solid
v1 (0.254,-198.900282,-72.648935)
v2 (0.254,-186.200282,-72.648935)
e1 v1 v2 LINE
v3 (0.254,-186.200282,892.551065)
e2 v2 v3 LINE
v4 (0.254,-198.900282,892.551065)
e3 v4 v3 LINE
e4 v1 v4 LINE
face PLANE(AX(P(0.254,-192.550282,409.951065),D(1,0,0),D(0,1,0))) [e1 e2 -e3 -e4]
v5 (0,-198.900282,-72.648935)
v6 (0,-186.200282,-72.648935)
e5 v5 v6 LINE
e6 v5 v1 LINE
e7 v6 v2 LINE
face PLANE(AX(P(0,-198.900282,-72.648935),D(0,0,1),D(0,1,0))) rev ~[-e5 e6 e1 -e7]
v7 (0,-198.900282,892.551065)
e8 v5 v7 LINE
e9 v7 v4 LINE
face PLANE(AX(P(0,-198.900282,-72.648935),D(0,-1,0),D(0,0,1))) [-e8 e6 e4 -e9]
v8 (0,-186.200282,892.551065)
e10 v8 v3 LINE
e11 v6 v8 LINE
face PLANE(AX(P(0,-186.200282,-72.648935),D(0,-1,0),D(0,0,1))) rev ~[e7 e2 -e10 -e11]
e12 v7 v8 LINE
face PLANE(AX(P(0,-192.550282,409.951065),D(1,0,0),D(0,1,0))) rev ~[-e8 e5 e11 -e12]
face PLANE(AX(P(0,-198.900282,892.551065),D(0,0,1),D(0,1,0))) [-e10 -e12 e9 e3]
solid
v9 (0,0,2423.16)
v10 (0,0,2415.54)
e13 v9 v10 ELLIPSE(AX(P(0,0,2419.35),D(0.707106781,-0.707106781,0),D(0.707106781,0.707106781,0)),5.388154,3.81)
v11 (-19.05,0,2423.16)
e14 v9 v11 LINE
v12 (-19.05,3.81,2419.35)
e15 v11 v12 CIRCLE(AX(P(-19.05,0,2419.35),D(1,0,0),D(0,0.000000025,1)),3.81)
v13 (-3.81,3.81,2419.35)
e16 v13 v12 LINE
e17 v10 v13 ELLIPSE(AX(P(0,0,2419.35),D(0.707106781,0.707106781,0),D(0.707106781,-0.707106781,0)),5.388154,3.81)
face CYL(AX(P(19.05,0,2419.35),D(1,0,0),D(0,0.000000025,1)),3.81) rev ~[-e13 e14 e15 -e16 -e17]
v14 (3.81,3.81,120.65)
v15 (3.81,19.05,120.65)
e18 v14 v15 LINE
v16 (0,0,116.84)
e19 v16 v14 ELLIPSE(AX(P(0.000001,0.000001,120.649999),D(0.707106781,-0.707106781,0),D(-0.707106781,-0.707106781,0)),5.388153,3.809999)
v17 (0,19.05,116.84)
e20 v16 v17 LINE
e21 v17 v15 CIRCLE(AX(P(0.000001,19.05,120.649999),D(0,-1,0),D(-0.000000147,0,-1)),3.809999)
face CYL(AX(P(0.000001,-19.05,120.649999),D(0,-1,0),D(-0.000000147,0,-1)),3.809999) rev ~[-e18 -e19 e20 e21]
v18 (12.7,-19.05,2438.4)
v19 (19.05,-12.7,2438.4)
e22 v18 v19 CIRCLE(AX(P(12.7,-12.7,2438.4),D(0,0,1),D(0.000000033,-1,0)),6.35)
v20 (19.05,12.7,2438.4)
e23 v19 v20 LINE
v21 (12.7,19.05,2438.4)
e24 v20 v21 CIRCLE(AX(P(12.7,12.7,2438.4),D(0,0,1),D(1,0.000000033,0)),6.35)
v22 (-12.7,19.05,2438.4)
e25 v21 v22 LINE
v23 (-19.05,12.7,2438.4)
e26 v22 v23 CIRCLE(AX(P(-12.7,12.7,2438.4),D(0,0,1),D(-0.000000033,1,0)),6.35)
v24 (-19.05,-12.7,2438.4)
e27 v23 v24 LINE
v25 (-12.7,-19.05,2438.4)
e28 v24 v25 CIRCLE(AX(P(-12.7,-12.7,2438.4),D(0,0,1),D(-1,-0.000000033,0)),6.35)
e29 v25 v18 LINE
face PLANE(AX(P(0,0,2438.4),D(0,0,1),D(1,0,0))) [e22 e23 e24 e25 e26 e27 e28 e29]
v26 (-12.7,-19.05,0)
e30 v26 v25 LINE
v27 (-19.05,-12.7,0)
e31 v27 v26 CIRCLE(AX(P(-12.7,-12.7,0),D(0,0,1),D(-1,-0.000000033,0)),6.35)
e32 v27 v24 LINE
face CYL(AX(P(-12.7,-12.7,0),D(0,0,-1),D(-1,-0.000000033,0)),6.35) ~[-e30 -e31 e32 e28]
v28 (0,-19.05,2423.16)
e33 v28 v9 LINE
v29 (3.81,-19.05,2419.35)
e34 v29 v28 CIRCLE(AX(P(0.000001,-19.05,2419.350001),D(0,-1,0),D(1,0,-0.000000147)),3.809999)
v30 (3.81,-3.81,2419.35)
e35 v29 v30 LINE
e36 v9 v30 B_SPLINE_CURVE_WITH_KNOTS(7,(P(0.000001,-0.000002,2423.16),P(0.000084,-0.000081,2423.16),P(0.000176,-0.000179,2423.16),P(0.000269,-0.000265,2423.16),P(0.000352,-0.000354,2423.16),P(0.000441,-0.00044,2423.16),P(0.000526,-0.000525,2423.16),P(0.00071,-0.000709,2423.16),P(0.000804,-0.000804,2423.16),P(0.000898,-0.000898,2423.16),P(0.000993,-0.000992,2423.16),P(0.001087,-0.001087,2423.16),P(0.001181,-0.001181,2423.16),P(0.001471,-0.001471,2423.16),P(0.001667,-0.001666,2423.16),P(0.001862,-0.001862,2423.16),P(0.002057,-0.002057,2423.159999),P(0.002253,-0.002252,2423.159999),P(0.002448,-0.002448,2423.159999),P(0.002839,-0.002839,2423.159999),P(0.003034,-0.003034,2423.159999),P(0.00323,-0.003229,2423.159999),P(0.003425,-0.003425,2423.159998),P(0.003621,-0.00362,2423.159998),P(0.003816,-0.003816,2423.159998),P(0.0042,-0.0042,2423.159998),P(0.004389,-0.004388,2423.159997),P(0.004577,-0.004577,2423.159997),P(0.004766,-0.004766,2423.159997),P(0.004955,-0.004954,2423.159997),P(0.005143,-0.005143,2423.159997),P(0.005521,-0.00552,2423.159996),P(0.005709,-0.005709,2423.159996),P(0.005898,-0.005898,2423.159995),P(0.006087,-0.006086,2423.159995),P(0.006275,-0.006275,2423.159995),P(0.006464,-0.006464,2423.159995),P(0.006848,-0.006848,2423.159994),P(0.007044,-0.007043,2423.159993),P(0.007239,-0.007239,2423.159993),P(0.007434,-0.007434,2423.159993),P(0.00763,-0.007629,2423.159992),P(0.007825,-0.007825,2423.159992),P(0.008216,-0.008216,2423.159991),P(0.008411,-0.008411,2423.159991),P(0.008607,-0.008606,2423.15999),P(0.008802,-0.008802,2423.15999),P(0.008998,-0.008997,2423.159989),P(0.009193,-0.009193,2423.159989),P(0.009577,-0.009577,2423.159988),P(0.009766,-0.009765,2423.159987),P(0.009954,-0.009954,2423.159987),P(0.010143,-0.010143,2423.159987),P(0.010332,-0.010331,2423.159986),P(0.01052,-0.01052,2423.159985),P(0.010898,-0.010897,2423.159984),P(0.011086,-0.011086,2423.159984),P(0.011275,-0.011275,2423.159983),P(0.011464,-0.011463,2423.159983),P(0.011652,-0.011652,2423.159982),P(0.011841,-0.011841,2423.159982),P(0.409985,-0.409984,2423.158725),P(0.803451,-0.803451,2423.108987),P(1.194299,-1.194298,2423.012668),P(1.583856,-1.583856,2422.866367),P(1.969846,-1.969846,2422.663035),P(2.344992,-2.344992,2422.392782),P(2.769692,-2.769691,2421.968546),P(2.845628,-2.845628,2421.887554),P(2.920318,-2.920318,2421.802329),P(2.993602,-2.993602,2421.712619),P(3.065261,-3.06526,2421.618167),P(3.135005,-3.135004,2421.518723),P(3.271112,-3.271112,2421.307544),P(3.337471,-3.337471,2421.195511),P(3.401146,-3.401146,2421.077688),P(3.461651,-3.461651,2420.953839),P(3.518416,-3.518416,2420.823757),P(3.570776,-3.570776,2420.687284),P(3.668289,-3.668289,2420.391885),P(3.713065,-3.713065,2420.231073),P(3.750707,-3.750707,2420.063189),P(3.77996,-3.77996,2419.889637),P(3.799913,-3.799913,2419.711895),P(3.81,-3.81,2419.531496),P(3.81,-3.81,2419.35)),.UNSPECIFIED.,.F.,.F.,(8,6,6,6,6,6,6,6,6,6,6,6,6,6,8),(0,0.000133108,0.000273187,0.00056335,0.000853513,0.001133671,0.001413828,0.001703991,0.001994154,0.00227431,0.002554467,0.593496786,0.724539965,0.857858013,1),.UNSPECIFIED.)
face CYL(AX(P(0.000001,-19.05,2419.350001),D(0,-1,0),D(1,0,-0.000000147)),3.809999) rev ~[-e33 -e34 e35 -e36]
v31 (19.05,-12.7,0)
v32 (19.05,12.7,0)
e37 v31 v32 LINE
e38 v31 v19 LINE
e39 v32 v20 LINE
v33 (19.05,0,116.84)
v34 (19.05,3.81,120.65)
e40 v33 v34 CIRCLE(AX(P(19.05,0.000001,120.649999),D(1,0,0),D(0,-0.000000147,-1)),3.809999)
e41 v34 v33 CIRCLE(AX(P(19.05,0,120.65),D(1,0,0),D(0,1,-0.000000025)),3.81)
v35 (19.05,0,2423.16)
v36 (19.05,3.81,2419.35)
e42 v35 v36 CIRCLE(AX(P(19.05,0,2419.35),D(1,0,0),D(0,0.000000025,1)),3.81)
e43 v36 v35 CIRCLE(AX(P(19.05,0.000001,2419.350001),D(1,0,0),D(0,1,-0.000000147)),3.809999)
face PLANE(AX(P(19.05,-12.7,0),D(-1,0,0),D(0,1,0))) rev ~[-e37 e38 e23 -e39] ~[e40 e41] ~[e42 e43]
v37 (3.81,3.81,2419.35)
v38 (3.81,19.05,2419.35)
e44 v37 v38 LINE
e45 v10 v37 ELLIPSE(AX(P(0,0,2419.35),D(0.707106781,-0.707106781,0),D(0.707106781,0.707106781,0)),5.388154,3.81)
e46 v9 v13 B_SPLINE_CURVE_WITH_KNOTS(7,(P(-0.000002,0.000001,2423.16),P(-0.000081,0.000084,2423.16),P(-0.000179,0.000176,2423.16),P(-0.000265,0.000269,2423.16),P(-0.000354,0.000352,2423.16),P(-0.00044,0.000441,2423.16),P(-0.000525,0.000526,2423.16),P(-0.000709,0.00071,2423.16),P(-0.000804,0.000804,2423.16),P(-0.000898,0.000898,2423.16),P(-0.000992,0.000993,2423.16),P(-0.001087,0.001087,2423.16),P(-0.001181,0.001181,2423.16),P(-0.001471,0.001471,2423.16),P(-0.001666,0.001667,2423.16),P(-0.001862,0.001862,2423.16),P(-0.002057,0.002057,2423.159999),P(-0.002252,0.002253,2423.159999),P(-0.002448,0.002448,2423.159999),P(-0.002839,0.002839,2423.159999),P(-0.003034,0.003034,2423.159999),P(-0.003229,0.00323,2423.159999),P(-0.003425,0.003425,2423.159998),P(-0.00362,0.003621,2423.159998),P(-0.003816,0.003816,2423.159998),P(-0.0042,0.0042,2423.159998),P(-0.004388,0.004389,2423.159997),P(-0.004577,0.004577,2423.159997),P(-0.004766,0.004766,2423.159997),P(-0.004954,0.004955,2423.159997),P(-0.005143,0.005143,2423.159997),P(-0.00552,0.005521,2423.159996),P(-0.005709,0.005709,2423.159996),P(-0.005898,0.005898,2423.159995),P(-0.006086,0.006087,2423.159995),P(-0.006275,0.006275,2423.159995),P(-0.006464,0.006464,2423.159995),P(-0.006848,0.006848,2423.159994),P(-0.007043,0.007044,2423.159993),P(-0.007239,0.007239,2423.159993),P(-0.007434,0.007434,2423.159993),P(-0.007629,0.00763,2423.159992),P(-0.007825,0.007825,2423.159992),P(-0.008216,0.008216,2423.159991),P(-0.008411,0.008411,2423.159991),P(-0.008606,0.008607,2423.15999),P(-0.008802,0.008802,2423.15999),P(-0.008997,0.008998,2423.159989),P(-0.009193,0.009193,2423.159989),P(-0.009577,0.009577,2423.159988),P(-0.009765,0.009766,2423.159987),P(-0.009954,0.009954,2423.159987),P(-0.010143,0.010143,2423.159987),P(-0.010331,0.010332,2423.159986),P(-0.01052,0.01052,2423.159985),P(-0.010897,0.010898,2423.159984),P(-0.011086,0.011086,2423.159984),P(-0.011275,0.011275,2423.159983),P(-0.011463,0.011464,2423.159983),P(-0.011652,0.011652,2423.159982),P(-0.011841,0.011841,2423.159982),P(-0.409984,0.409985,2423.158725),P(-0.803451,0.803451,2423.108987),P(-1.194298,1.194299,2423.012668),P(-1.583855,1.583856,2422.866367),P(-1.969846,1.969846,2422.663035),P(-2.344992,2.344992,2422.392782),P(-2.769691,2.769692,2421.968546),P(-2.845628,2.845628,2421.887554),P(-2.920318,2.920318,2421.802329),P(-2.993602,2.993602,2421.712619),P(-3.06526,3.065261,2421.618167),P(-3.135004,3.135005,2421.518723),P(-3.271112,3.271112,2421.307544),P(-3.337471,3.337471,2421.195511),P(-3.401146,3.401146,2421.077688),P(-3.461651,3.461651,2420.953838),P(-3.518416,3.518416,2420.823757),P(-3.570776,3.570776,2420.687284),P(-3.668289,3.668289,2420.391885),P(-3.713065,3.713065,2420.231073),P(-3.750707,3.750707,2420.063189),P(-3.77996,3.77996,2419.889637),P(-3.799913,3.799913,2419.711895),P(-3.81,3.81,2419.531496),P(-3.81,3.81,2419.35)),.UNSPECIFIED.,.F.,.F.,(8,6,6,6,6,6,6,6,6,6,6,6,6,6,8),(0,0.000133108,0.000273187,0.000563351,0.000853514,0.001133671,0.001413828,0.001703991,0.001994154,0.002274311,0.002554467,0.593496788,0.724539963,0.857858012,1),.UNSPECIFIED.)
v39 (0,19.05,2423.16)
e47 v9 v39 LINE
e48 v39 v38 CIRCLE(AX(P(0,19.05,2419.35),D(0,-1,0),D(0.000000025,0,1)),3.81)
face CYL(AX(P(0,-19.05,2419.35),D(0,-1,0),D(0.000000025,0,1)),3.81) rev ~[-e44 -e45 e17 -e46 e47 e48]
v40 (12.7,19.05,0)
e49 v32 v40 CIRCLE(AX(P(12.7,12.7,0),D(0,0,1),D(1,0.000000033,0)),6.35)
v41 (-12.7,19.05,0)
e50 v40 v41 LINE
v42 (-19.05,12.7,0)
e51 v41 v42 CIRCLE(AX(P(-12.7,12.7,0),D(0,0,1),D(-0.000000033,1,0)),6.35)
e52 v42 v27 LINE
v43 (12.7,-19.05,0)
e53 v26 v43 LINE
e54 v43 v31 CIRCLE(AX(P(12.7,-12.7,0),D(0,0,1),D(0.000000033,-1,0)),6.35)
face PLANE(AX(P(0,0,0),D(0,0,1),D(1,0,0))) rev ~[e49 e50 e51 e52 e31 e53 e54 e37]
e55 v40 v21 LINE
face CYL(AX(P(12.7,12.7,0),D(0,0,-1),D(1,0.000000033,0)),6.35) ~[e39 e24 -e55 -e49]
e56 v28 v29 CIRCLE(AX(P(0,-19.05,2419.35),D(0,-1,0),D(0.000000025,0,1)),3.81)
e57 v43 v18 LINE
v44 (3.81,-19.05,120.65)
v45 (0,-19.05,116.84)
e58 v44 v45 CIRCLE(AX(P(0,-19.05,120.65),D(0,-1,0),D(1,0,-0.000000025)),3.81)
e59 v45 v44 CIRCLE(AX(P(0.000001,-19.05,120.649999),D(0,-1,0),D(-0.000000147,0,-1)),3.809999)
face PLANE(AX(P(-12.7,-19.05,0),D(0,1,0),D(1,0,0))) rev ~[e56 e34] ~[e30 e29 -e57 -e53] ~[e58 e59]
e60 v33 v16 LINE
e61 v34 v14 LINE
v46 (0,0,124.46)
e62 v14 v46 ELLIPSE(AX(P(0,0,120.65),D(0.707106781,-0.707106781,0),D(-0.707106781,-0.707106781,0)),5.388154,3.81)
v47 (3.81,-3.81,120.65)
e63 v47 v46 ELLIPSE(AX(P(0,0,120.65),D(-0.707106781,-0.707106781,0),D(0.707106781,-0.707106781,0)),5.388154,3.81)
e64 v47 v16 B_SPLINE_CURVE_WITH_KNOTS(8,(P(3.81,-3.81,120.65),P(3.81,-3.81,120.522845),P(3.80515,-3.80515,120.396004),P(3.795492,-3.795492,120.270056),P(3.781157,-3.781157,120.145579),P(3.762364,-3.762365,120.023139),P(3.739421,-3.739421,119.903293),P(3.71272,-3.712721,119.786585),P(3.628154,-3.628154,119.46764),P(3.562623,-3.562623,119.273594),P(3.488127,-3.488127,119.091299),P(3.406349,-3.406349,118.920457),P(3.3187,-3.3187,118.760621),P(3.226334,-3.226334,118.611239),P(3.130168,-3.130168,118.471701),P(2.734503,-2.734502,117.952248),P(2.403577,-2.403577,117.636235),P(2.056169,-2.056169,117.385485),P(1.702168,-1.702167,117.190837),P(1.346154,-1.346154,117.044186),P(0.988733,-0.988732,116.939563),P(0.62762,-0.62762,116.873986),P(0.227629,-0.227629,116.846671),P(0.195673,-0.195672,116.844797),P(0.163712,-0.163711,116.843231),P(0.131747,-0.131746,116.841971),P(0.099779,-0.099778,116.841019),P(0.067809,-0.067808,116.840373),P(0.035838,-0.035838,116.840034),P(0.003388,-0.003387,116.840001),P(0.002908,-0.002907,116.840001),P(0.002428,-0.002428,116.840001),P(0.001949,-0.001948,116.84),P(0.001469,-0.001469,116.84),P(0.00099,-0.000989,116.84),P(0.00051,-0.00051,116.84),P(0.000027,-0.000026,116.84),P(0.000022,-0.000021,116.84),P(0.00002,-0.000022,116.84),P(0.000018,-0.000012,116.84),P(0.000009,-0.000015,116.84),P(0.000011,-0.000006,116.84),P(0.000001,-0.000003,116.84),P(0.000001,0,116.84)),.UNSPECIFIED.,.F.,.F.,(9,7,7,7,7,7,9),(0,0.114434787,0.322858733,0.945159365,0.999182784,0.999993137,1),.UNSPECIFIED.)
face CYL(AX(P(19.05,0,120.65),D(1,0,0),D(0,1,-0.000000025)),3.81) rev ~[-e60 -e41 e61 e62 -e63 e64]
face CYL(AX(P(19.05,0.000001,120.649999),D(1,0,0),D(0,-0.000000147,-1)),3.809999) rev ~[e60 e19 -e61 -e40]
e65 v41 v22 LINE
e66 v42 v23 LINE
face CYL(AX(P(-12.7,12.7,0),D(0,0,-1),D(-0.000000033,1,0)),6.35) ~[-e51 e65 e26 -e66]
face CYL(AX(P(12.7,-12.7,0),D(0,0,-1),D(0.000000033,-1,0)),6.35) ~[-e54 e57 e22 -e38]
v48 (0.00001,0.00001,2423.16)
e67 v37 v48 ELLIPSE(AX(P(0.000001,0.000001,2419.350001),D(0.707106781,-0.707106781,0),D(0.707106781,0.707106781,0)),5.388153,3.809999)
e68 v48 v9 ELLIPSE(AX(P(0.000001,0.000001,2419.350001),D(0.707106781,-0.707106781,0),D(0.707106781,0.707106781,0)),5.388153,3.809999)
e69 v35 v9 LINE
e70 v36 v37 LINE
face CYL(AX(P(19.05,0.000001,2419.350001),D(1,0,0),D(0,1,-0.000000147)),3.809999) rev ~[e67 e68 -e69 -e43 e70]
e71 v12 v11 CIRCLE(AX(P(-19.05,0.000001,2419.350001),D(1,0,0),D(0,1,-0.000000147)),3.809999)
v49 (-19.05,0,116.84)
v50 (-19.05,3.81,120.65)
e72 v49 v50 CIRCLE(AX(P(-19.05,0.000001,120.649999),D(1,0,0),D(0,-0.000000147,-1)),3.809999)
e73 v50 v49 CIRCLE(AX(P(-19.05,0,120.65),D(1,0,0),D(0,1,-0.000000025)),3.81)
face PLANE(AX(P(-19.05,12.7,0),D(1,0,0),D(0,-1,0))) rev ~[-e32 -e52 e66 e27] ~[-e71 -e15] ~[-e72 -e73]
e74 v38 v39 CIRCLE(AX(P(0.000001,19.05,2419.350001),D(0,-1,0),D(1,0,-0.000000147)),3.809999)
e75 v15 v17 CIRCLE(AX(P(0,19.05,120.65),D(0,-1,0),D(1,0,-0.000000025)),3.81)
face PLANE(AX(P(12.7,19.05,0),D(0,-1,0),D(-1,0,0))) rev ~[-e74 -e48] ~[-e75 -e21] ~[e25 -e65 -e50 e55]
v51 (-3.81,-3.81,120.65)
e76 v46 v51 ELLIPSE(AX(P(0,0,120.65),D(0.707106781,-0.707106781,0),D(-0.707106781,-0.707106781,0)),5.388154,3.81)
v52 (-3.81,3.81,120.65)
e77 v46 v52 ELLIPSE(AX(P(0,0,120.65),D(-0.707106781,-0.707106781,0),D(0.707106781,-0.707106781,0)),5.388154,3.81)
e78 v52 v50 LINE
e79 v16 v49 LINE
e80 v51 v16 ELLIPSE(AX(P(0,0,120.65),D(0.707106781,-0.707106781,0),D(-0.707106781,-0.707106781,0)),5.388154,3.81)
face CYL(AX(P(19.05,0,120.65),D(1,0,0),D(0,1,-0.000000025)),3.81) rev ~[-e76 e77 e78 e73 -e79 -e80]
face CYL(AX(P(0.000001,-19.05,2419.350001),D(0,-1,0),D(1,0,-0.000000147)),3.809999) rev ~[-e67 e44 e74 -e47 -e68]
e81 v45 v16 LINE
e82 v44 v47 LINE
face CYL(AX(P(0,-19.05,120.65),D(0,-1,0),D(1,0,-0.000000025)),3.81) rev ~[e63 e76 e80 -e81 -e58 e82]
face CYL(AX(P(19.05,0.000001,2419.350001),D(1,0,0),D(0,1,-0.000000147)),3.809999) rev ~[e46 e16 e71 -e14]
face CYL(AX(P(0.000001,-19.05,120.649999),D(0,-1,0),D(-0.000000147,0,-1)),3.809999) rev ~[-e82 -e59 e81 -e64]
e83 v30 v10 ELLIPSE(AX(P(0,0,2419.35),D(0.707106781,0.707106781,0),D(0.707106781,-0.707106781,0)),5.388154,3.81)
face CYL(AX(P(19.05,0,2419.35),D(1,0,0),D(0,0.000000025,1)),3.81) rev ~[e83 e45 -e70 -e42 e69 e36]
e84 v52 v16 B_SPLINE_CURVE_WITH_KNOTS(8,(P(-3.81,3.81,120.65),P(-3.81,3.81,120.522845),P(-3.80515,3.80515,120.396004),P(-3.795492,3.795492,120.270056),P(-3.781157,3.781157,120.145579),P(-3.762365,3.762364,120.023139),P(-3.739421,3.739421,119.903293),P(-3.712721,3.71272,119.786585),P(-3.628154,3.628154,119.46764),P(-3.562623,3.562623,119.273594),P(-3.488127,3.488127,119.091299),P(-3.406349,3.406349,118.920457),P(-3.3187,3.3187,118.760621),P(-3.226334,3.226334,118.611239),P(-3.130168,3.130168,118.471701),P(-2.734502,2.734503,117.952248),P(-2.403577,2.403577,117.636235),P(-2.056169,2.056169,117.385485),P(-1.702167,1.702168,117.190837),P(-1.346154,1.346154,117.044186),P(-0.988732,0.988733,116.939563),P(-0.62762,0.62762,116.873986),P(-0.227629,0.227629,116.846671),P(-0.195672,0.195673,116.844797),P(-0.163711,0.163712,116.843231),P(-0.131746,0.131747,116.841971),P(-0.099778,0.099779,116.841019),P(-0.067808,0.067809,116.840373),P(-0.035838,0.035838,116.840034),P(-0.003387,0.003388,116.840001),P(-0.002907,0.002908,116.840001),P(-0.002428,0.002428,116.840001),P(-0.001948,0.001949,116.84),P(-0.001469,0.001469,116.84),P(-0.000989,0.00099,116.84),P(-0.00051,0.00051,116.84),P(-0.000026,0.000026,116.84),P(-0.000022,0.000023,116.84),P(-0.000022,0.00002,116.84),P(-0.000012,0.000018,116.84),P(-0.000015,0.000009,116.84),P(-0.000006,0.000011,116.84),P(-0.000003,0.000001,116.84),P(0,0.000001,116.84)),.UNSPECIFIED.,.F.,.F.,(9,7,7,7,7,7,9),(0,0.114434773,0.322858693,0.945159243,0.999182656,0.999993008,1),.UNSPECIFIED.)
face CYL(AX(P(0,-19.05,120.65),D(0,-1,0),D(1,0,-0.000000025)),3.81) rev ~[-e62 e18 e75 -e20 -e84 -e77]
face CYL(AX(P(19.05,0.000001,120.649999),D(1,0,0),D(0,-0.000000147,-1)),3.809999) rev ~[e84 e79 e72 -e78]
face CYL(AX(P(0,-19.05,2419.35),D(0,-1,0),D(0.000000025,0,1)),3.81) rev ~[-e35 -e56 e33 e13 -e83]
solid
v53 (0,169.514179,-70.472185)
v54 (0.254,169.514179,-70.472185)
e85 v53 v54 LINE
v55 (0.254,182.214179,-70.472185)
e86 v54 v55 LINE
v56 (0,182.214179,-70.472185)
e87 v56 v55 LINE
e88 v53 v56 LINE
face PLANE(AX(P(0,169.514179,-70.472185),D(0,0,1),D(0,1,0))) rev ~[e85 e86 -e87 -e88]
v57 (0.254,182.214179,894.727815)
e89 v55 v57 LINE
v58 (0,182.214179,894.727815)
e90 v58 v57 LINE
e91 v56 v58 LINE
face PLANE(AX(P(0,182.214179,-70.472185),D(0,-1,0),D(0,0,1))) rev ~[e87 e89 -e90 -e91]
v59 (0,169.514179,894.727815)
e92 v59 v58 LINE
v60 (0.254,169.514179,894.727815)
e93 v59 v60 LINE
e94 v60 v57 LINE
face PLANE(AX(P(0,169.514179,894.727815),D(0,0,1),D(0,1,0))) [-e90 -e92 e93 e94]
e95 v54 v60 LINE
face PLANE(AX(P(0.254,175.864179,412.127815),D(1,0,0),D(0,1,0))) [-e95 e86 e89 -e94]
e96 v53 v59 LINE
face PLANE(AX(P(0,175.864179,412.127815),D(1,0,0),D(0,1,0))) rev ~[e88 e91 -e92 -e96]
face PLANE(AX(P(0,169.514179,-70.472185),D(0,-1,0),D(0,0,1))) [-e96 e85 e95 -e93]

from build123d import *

# Parameters (mm, degrees)
F1_DEPTH  = 2438.4
F2_W      = 12.7
F2_H      = 965.2
F4_DEPTH  = 0.254
F3_W      = 12.7
F3_H      = 965.2
F5_DEPTH  = 0.254
F7_DEPTH  = 38.1
F9_DEPTH  = 38.1
F11_DEPTH = 38.1
F13_DEPTH = 38.1


with BuildPart() as f1:
    # F0 (on Top) → F1 (new body)
    with BuildSketch(Plane.XY):
        with BuildLine():
            ThreePointArc((19.05, 12.7), (17.190128, 17.190128), (12.7, 19.05))
            Line((12.7, 19.05), (-12.7, 19.05))
            ThreePointArc((-12.7, 19.05), (-17.190128, 17.190128), (-19.05, 12.7))
            Line((-19.05, 12.7), (-19.05, -12.7))
            ThreePointArc((-19.05, -12.7), (-17.190128, -17.190128), (-12.7, -19.05))
            Line((-12.7, -19.05), (12.7, -19.05))
            ThreePointArc((12.7, -19.05), (17.190128, -17.190128), (19.05, -12.7))
            Line((19.05, -12.7), (19.05, 12.7))
        make_face()
    extrude(amount=F1_DEPTH)

    # F6 (on face) → F7 (cut)
    with BuildSketch(Plane.XZ.offset(19.05)):
        with BuildLine():
            ThreePointArc((0, 116.84), (2.694077, 117.955923), (3.81, 120.65))
            ThreePointArc((3.81, 120.65), (-2.694077, 123.344077), (0, 116.84))
        make_face()
    extrude(amount=-F7_DEPTH, mode=Mode.SUBTRACT)

    # F8 (on face) → F9 (cut)
    with BuildSketch(Plane.YZ.offset(19.05)):
        with BuildLine():
            ThreePointArc((0, 116.84), (2.694077, 117.955923), (3.81, 120.65))
            ThreePointArc((3.81, 120.65), (-2.694077, 123.344077), (0, 116.84))
        make_face()
    extrude(amount=-F9_DEPTH, mode=Mode.SUBTRACT)

    # F10 (on face) → F11 (cut)
    with BuildSketch(Plane.YZ.offset(19.05)):
        with BuildLine():
            ThreePointArc((0, 2423.16), (-2.694077, 2416.655923), (3.81, 2419.35))
            ThreePointArc((3.81, 2419.35), (2.694077, 2422.044077), (0, 2423.16))
        make_face()
    extrude(amount=-F11_DEPTH, mode=Mode.SUBTRACT)

    # F12 (on face) → F13 (cut)
    with BuildSketch(Plane.XZ.offset(19.05)):
        with BuildLine():
            ThreePointArc((0, 2423.16), (-2.694077, 2416.655923), (3.81, 2419.35))
            ThreePointArc((3.81, 2419.35), (2.694077, 2422.044077), (0, 2423.16))
        make_face()
    extrude(amount=-F13_DEPTH, mode=Mode.SUBTRACT)


with BuildPart() as f4:
    # F2 (on Right) → F4 (new body)
    with BuildSketch(Plane.YZ):
        with Locations((-192.550282, 409.951065)):
            Rectangle(F2_W, F2_H)
    extrude(amount=F4_DEPTH)


with BuildPart() as f5:
    # F3 (on Right) → F5 (new body)
    with BuildSketch(Plane.YZ):
        with Locations((175.864179, 412.127815)):
            Rectangle(F3_W, F3_H)
    extrude(amount=F5_DEPTH)


solid = Compound([f1.part, f4.part, f5.part])
